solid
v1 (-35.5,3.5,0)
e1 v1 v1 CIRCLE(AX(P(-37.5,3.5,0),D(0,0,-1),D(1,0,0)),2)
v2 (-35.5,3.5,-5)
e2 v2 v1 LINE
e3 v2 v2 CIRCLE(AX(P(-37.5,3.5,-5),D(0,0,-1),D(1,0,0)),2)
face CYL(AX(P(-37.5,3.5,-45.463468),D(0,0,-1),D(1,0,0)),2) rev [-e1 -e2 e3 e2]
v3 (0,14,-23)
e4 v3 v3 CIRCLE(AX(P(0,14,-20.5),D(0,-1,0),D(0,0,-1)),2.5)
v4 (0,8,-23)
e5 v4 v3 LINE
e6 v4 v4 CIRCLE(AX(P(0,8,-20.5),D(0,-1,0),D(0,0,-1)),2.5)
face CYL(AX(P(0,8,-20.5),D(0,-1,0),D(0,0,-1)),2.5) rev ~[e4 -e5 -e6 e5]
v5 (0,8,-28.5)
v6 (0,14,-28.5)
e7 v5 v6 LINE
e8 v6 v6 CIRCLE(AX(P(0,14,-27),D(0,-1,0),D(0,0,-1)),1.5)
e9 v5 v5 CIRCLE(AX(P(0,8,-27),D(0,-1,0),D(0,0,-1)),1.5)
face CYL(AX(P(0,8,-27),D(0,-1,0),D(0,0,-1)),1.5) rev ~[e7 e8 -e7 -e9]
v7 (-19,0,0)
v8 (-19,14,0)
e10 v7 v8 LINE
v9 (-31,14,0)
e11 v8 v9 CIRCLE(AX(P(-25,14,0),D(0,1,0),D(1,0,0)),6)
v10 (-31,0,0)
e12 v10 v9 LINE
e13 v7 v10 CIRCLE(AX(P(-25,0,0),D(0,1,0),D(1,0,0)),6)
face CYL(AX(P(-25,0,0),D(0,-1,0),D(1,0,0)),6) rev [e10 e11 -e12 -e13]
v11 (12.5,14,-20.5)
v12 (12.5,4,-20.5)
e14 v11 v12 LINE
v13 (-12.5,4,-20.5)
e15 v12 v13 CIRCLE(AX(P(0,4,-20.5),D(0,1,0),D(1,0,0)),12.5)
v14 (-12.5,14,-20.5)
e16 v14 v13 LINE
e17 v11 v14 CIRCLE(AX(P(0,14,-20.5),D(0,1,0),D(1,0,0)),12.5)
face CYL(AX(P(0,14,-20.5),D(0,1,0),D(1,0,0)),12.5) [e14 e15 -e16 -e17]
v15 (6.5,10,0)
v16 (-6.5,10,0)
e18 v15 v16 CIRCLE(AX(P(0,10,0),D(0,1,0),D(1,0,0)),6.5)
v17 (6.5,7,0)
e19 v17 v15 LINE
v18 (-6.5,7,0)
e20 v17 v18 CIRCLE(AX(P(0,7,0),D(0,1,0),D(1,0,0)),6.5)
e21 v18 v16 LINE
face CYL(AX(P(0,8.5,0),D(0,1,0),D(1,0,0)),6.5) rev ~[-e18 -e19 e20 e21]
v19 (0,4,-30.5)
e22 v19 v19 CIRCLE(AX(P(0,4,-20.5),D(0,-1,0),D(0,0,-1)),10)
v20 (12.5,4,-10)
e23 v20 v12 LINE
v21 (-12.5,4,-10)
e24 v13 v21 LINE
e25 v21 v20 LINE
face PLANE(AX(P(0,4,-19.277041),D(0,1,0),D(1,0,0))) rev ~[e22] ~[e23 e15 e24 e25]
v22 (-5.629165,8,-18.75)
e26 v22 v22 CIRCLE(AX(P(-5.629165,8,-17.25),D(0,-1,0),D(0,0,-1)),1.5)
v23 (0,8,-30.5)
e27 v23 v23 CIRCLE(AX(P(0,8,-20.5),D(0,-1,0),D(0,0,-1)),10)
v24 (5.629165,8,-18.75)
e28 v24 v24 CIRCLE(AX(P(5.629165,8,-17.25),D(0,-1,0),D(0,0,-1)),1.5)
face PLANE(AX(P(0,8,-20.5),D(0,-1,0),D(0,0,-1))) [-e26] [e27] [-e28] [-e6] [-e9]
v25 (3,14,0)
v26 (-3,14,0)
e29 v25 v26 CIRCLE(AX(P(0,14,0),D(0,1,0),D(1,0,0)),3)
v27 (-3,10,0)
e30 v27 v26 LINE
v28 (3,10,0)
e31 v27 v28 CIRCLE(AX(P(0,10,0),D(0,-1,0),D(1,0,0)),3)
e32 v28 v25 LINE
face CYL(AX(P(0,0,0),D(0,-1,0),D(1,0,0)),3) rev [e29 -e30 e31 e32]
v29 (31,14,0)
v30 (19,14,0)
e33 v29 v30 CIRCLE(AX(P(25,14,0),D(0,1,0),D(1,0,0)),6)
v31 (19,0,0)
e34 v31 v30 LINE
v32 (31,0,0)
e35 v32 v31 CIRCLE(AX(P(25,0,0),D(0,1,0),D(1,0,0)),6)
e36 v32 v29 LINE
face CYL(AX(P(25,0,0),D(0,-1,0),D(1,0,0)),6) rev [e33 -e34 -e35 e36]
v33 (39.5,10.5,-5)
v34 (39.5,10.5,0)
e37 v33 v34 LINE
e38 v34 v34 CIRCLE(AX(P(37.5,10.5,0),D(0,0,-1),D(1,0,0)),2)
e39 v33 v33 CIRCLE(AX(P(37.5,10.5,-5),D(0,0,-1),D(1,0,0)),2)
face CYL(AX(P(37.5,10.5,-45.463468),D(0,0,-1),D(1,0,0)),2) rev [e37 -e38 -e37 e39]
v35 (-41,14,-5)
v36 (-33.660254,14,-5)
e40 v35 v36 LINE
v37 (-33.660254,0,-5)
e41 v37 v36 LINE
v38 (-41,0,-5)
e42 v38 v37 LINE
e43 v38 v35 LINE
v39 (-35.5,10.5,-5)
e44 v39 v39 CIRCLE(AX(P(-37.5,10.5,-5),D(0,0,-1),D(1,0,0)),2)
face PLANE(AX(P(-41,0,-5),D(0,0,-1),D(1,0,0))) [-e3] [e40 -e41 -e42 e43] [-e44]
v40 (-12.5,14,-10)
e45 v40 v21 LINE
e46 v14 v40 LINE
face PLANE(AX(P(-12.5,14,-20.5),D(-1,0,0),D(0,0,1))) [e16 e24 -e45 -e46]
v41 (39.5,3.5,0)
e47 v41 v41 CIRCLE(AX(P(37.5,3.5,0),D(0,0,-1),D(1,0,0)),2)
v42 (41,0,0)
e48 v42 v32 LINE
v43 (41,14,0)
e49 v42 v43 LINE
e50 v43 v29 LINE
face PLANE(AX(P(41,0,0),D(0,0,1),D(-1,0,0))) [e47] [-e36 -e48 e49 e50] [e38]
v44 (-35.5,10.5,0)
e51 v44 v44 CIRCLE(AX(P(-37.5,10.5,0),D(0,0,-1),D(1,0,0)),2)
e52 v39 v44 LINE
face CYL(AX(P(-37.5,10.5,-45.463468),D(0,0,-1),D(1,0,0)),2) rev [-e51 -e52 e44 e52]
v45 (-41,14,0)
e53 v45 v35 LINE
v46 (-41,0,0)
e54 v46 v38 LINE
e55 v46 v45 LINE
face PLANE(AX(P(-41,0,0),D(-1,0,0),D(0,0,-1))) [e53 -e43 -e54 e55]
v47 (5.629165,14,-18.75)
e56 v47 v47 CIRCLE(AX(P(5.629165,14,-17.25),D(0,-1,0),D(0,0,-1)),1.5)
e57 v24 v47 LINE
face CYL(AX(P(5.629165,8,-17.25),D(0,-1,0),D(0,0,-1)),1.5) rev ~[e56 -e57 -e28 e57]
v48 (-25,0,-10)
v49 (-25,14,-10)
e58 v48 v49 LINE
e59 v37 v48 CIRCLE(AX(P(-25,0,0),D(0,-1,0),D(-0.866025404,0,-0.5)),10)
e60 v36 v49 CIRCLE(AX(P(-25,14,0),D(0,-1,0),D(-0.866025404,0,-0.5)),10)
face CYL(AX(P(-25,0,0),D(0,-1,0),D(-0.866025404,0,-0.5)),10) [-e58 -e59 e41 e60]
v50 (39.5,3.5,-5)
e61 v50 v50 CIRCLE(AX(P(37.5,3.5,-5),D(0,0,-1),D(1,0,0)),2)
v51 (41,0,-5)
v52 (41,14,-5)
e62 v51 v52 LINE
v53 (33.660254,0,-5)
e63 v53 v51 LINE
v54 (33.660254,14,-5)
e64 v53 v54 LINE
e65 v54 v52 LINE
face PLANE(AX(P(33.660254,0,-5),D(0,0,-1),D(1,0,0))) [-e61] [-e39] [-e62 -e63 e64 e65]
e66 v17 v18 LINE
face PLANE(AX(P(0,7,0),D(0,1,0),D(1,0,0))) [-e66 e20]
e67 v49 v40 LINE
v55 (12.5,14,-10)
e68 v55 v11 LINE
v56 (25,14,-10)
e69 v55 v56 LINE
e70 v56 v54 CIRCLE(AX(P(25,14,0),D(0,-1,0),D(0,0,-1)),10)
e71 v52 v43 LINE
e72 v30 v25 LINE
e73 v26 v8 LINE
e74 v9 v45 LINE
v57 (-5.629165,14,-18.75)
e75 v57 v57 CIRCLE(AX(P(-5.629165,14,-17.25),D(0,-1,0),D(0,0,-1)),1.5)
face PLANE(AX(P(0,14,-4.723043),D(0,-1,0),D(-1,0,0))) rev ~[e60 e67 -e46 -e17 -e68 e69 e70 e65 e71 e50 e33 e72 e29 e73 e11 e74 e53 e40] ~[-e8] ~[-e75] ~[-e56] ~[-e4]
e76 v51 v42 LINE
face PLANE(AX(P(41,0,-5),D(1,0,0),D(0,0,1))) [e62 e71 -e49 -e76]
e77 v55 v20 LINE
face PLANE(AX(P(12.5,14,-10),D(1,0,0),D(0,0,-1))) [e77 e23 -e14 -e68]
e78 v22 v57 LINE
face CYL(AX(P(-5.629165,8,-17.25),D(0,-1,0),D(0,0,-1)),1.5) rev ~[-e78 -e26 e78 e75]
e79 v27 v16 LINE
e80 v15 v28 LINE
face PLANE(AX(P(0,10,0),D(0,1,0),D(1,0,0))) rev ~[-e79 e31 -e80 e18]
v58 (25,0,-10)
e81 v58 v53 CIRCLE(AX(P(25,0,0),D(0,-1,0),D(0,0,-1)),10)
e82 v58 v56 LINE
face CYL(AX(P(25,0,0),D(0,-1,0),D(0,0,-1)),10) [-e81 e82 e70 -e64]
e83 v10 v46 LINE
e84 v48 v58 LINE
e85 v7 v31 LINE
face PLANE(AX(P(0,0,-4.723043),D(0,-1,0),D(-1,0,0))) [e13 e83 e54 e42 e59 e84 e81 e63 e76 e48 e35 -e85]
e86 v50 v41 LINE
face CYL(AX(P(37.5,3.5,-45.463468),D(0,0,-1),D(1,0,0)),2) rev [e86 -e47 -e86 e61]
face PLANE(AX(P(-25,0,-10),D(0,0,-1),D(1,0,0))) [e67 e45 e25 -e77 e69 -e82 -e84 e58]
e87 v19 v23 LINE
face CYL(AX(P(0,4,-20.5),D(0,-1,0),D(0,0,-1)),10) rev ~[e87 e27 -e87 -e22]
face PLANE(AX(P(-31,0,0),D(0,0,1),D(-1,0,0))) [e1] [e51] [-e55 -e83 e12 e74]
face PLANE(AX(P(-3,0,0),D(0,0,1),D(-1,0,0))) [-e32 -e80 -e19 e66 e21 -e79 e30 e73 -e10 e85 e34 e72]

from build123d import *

# Parameters (mm, degrees)
BOSS_EXTRUDE1_DEPTH     = 14
CUT_EXTRUDE1_DEPTH      = 45.463468151
CUT_EXTRUDE1_DEPTH_BACK = 45.463468151
SKETCH4_R               = 2
SKETCH5_W               = 9.30871577
SKETCH5_H               = 4.044371358
BOSS_EXTRUDE2_DEPTH     = 7
CUT_EXTRUDE2_START      = 1.5
SKETCH6_R               = 6.5
CUT_EXTRUDE2_DEPTH      = 1.5
BOSS_EXTRUDE3_DEPTH     = 10
SKETCH8_R               = 10
CUT_EXTRUDE3_DEPTH      = 4
SKETCH9_R               = 2.5
CUT_EXTRUDE4_DEPTH      = 54.235326617
SKETCH10_R              = 1.5
CUT_EXTRUDE5_DEPTH      = 54.235326617


with BuildPart() as part:
    # Sketch2 → Boss-Extrude1 (new body)
    with BuildSketch(Plane(origin=(0, 0, 0), x_dir=(1, 0, 0), z_dir=(0, 1, 0))):
        with BuildLine():
            Line((-3, 0), (-19, 0))
            ThreePointArc((-19, 0), (-25, 6), (-31, 0))
            Line((-31, 0), (-41, 0))
            Line((-41, 0), (-41, 5))
            Line((-41, 5), (-33.660254038, 5))
            ThreePointArc((-33.660254038, 5), (-30, 8.660254038), (-25, 10))
            Line((-25, 10), (25, 10))
            ThreePointArc((25, 10), (30, 8.660254038), (33.660254038, 5))
            Line((33.660254038, 5), (41, 5))
            Line((41, 5), (41, 0))
            Line((41, 0), (31, 0))
            ThreePointArc((31, 0), (25, 6), (19, 0))
            Line((19, 0), (3, 0))
            ThreePointArc((3, 0), (0, 3), (-3, 0))
        make_face()
    extrude(amount=BOSS_EXTRUDE1_DEPTH)

    # Sketch4 → Cut-Extrude1 (cut, two sides: drawn at the far end of the back side and taken through both)
    with BuildSketch(Plane.XY.offset(-CUT_EXTRUDE1_DEPTH_BACK)):
        with Locations((-37.5, 10.5)):
            Circle(SKETCH4_R)
        with Locations((-37.5, 3.5)):
            Circle(SKETCH4_R)
        with Locations((37.5, 10.5)):
            Circle(SKETCH4_R)
        with Locations((37.5, 3.5)):
            Circle(SKETCH4_R)
    extrude(amount=CUT_EXTRUDE1_DEPTH + CUT_EXTRUDE1_DEPTH_BACK, mode=Mode.SUBTRACT)

    # Sketch5 → Boss-Extrude2 (add)
    with BuildSketch(Plane.XZ):
        with Locations((-0.028958253, -2.022185679)):
            Rectangle(SKETCH5_W, SKETCH5_H)
    extrude(amount=-BOSS_EXTRUDE2_DEPTH)

    # Sketch6 → Cut-Extrude2 (cut, symmetric)
    with BuildSketch(Plane(origin=(0, 7, 0), x_dir=(1, 0, 0), z_dir=(0, 1, 0)).offset(CUT_EXTRUDE2_START)):
        Circle(SKETCH6_R)
    extrude(amount=CUT_EXTRUDE2_DEPTH, both=True, mode=Mode.SUBTRACT)

    # Sketch7 → Boss-Extrude3 (add)
    with BuildSketch(Plane(origin=(0, 14, 0), x_dir=(1, 0, 0), z_dir=(0, 1, 0))):
        with BuildLine():
            Line((-12.5, 20.5), (-12.5, 10))
            Line((-12.5, 10), (12.5, 10))
            Line((12.5, 10), (12.5, 20.5))
            ThreePointArc((12.5, 20.5), (0, 33), (-12.5, 20.5))
        make_face()
    extrude(amount=-BOSS_EXTRUDE3_DEPTH)

    # Sketch8 → Cut-Extrude3 (cut)
    with BuildSketch(Plane.XZ.offset(-4)):
        with Locations(Location((0, -20.5, 0), (0, 0, 270))):
            Circle(SKETCH8_R)
    extrude(amount=-CUT_EXTRUDE3_DEPTH, mode=Mode.SUBTRACT)

    # Sketch9 → Cut-Extrude4 (cut, through all)
    with BuildSketch(Plane.XZ.offset(-8)):
        with Locations(Location((0, -20.5, 0), (0, 0, 270))):
            Circle(SKETCH9_R)
    extrude(amount=-CUT_EXTRUDE4_DEPTH, mode=Mode.SUBTRACT)

    # Sketch10 → Cut-Extrude5 (cut, through all)
    with BuildSketch(Plane.XZ.offset(-8)):
        with Locations(Location((0, -27, 0), (0, 0, 270))):
            Circle(SKETCH10_R)
        with Locations(Location((-5.629165125, -17.25, 0), (0, 0, 270))):
            Circle(SKETCH10_R)
        with Locations(Location((5.629165125, -17.25, 0), (0, 0, 270))):
            Circle(SKETCH10_R)
    extrude(amount=-CUT_EXTRUDE5_DEPTH, mode=Mode.SUBTRACT)


solid = part.part
